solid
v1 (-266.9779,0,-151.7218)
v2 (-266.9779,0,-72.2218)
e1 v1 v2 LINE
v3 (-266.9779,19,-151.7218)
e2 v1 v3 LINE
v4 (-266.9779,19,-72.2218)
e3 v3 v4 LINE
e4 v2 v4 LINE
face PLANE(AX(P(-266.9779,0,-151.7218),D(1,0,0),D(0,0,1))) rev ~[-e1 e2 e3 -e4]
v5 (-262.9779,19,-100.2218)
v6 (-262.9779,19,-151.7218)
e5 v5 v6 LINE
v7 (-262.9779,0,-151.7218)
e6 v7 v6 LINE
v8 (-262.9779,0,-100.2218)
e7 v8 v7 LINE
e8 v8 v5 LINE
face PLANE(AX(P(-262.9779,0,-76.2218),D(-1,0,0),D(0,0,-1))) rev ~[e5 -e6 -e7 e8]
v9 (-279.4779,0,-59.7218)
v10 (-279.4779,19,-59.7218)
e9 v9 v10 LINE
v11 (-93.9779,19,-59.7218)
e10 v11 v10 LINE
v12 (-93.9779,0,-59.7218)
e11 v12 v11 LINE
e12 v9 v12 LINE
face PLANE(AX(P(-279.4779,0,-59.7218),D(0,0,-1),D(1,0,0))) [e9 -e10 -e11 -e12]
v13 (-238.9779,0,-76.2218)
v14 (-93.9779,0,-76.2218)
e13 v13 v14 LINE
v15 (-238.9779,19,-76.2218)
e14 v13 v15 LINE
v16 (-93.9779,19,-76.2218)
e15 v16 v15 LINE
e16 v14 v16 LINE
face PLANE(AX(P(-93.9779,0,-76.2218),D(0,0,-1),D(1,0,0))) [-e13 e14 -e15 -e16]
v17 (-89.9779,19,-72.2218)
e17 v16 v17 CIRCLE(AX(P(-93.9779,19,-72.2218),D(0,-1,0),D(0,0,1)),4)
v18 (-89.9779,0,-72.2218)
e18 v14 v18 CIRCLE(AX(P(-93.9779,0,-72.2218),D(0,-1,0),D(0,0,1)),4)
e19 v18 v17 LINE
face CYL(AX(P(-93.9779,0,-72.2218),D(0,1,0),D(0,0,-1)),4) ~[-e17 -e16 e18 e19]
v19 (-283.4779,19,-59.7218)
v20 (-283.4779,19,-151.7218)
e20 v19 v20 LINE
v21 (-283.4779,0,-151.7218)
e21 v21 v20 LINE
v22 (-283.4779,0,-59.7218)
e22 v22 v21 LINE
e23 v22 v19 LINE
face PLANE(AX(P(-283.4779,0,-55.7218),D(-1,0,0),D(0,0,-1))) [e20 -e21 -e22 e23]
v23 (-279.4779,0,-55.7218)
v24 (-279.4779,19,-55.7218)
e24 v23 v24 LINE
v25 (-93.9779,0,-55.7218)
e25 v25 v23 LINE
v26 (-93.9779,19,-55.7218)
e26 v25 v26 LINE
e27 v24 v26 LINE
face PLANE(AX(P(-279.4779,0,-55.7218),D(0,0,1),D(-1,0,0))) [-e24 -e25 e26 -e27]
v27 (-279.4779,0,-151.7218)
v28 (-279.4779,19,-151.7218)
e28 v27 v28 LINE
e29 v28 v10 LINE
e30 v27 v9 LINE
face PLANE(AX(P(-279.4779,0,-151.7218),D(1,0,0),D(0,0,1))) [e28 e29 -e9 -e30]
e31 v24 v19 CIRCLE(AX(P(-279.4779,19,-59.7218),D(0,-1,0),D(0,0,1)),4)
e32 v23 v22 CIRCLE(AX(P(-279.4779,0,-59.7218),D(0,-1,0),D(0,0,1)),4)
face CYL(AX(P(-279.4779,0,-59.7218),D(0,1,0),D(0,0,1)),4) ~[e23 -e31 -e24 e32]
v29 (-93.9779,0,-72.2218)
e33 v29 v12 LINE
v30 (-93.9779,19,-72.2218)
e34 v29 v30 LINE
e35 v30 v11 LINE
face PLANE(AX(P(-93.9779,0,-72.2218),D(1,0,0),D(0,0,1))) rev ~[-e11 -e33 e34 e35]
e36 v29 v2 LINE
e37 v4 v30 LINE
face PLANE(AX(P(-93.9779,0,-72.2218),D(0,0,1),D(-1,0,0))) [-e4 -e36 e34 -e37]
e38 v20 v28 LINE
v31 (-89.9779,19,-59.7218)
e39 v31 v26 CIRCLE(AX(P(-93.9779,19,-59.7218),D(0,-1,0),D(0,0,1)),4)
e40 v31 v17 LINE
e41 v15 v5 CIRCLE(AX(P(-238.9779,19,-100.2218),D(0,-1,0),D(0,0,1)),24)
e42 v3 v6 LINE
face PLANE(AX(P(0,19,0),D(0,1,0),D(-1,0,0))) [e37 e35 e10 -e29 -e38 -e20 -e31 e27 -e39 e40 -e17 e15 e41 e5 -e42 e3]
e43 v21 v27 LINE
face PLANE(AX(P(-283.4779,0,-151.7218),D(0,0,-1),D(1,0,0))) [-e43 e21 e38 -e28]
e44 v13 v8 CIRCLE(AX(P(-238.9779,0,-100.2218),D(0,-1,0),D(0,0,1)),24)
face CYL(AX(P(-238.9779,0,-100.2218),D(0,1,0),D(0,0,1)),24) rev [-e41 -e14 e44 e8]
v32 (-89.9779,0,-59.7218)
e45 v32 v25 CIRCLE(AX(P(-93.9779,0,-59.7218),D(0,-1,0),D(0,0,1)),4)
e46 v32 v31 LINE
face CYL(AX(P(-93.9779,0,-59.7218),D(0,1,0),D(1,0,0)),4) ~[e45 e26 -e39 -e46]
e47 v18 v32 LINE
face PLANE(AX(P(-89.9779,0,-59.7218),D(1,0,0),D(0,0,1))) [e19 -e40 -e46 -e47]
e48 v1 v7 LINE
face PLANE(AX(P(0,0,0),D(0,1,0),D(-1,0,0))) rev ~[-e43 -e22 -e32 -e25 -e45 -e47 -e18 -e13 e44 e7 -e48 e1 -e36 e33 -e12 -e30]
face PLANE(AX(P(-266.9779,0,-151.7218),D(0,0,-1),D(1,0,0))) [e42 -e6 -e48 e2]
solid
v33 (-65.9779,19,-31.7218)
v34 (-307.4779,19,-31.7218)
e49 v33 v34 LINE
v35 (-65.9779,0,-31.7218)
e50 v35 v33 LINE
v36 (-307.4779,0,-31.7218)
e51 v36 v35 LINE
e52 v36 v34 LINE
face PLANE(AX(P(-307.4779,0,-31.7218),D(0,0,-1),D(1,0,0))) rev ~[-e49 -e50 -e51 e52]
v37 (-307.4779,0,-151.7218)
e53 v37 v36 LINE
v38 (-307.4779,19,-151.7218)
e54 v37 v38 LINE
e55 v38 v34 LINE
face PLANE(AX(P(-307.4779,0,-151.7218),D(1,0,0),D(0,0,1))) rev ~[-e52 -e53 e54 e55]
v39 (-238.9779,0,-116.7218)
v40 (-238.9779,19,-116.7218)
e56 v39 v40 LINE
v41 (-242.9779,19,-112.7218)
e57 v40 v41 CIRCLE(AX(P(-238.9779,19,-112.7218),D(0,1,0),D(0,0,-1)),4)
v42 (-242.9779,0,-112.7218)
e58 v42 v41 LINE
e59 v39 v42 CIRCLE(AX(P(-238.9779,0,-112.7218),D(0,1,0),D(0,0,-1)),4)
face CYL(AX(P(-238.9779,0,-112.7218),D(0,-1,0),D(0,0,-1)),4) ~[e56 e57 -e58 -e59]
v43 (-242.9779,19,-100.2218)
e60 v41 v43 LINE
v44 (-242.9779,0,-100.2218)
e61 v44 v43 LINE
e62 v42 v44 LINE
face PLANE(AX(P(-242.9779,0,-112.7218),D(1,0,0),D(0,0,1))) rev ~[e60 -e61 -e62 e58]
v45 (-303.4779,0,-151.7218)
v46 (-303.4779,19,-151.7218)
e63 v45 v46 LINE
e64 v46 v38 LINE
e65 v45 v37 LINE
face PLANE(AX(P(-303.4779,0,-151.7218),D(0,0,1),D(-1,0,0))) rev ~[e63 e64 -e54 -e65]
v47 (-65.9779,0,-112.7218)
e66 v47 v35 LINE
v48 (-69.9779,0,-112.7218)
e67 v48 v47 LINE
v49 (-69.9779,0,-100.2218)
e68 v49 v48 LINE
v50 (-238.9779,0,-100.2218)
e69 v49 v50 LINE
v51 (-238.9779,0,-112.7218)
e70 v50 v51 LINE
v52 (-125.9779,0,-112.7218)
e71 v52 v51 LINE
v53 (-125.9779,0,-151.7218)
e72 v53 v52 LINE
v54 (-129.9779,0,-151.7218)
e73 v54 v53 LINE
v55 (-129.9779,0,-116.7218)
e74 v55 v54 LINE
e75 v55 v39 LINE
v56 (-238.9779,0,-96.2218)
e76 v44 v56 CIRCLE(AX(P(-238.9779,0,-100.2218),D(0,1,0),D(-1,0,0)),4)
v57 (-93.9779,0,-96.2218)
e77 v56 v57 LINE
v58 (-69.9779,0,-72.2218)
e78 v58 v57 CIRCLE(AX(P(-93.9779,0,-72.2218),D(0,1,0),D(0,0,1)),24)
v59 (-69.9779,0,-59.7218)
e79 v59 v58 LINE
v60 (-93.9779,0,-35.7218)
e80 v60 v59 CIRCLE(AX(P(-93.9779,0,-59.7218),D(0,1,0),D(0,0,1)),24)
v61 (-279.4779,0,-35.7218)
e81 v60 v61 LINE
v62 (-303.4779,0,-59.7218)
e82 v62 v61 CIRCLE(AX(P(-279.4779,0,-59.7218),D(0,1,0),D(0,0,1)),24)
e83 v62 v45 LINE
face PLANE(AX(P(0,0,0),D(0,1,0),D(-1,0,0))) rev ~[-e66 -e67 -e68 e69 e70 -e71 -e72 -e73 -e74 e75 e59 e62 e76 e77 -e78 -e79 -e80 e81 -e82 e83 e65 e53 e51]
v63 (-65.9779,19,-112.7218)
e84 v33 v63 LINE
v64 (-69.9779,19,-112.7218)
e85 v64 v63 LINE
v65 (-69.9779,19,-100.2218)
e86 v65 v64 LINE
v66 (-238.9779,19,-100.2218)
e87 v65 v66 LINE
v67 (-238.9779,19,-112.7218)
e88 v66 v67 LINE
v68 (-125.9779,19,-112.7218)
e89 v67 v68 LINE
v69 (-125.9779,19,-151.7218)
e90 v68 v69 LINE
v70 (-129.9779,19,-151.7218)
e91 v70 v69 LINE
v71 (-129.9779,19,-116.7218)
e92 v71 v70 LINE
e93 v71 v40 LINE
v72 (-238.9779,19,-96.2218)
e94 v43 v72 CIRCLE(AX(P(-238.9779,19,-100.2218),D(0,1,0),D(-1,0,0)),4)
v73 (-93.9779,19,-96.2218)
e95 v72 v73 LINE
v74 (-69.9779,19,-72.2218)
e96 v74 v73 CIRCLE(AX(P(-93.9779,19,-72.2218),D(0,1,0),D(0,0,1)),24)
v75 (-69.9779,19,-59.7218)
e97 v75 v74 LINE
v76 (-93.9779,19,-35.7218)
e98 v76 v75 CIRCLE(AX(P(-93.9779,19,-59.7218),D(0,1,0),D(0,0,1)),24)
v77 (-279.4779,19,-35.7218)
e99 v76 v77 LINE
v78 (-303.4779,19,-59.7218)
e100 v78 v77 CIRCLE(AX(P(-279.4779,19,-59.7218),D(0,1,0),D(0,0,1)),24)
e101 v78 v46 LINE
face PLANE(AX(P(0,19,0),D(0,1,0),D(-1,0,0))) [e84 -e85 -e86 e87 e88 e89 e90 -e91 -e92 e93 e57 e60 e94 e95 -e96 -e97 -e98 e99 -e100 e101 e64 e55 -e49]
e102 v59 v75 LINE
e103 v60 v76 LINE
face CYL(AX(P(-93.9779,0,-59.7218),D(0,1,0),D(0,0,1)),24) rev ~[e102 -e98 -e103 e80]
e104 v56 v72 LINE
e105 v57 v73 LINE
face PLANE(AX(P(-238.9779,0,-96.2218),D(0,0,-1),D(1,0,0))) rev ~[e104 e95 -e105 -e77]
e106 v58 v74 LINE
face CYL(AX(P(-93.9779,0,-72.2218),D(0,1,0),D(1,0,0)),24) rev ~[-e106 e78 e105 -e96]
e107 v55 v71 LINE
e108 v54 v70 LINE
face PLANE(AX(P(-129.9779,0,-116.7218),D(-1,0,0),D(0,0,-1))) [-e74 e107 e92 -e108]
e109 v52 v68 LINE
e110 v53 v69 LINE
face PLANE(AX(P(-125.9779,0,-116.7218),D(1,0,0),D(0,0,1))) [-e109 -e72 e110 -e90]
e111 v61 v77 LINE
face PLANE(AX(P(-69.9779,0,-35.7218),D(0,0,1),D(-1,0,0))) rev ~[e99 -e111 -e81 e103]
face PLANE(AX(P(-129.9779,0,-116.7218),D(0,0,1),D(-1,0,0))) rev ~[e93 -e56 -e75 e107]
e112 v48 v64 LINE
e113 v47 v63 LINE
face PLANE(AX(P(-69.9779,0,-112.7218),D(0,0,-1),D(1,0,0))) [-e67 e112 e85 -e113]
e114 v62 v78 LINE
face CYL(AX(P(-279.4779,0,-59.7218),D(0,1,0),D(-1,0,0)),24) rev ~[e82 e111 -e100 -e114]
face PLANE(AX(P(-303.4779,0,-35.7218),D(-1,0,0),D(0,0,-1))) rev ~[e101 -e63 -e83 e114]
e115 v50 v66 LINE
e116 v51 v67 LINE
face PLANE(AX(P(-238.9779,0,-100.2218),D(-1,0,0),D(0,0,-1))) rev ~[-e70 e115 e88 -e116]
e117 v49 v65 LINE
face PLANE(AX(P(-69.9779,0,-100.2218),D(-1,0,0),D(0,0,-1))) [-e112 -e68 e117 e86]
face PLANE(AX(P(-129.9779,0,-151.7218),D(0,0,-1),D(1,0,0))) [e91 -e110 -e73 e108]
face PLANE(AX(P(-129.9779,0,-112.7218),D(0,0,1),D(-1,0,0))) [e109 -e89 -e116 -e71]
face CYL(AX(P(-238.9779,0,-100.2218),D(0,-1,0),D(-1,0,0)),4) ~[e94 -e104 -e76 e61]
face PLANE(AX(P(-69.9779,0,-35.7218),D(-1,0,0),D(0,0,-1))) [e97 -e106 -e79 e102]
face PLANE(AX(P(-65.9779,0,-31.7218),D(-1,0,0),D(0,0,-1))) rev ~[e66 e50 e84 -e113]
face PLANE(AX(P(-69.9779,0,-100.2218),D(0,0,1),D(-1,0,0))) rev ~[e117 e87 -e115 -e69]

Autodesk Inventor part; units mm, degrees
ref_plane "YZ Plane" through (0, 0, 0) normal (1, 0, 0) x (0, 1, 0)
ref_plane "XZ Plane" through (0, 0, 0) normal (0, 1, 0) x (-1, 0, 0)
ref_plane "XY Plane" through (0, 0, 0) normal (0, 0, 1) x (1, 0, 0)
sketch "Sketch1" plane through (0, 0, 0) normal (0, 1, 0) x (-1, 0, 0)
  line L0 (81.3062, -31.7218) -> (303.4779, -31.7218) construction
  line L1 (303.4779, -31.7218) -> (303.4779, -151.7218)
  line L2 (303.4779, -151.7218) -> (81.3062, -151.7218)
  line L3 (65.9779, -116.7218) -> (242.9779, -116.7218)
  line L4 (69.9779, -112.7218) -> (238.9779, -112.7218)
  line L5 (242.9779, -116.7218) -> (242.9779, -96.2218)
  line L6 (242.9779, -96.2218) -> (65.9779, -96.2218)
  line L7 (65.9779, -100.2218) -> (238.9779, -100.2218)
  line L8 (238.9779, -100.2218) -> (238.9779, -112.7218)
  arc A0 (242.9779, -100.2218) -> (238.9779, -96.2218) centre (238.9779, -100.2218) ccw
  arc A1 (238.9779, -116.7218) -> (242.9779, -112.7218) centre (238.9779, -112.7218) ccw
  line L9 (262.9779, -76.2218) -> (89.9779, -76.2218)
  line L10 (89.9779, -76.2218) -> (89.9779, -72.2218)
  line L11 (89.9779, -72.2218) -> (262.9779, -72.2218)
  line L12 (262.9779, -59.7218) -> (262.9779, -151.7218)
  line L13 (262.9779, -72.2218) -> (262.9779, -151.7218)
  line L14 (262.9779, -151.7218) -> (266.9779, -151.7218)
  line L15 (266.9779, -151.7218) -> (266.9779, -59.7218)
  line L16 (266.9779, -72.2218) -> (262.9779, -72.2218)
  line L17 (65.9779, -31.7218) -> (65.9779, -35.7218)
  line L18 (65.9779, -35.7218) -> (303.4779, -35.7218)
  line L19 (303.4779, -35.7218) -> (303.4779, -31.7218)
  line L20 (303.4779, -31.7218) -> (65.9779, -31.7218)
  line L21 (89.9779, -55.7218) -> (266.9779, -55.7218)
  line L22 (266.9779, -55.7218) -> (266.9779, -59.7218)
  line L23 (279.4779, -59.7218) -> (89.9779, -59.7218)
  line L24 (89.9779, -59.7218) -> (89.9779, -55.7218)
  line L25 (89.9779, -55.7218) -> (89.9779, -76.2218)
  line L26 (81.3062, -151.7218) -> (129.9779, -151.7218)
  line L27 (69.9779, -31.7218) -> (65.9779, -31.7218)
  line L28 (303.4779, -31.7218) -> (303.4779, -151.7218)
  line L29 (303.4779, -151.7218) -> (307.4779, -151.7218)
  line L30 (307.4779, -151.7218) -> (307.4779, -31.7218)
  line L31 (307.4779, -31.7218) -> (303.4779, -31.7218)
  line L32 (89.9779, -55.7218) -> (89.9779, -76.2218)
  line L33 (89.9779, -76.2218) -> (93.9779, -76.2218)
  line L34 (93.9779, -76.2218) -> (93.9779, -55.7218)
  line L35 (93.9779, -55.7218) -> (89.9779, -55.7218)
  line L36 (279.4779, -151.7218) -> (279.4779, -55.7218)
  line L37 (279.4779, -55.7218) -> (283.4779, -55.7218)
  line L38 (283.4779, -55.7218) -> (283.4779, -151.7218)
  line L39 (283.4779, -151.7218) -> (279.4779, -151.7218)
  line L40 (266.9779, -55.7218) -> (279.4779, -55.7218)
  line L41 (65.9779, -35.7218) -> (65.9779, -116.7218)
  line L42 (69.9779, -31.7218) -> (69.9779, -112.7218)
  line L43 (65.9779, -116.7218) -> (129.9779, -116.7218)
  line L44 (129.9779, -116.7218) -> (129.9779, -112.7218)
  line L45 (129.9779, -112.7218) -> (65.9779, -112.7218)
  line L46 (65.9779, -112.7218) -> (65.9779, -116.7218)
  line L47 (129.9779, -112.7218) -> (129.9779, -151.7218)
  line L48 (129.9779, -151.7218) -> (125.9779, -151.7218)
  line L49 (125.9779, -151.7218) -> (125.9779, -112.7218)
  line L50 (125.9779, -112.7218) -> (129.9779, -112.7218)
  point P0 (81.3062, -112.7218)
  point P1 (266.9779, -151.7218)
  point P2 (93.9779, -72.2218)
  point P3 (93.9779, -59.7218)
  point P4 (89.9779, -59.7218)
  point P5 (89.9779, -72.2218)
  point P6 (89.9779, -59.7218)
  point P7 (89.9779, -72.2218)
  point P8 (69.9779, -100.2218)
  point P9 (65.9779, -112.7218)
  point P10 (69.9779, -96.2218)
  point P11 (69.9779, -35.7218)
  dimension "d10" = 120
  dimension "d13" = 35
  dimension "d14" = 4
  dimension "d15" = 4
  dimension "d16" = 4
  dimension "d17" = 12.5
  dimension "d20" = 20
  dimension "d21" = 4
  dimension "d23" = 4
  dimension "d25" = 4
  dimension "d26" = 20
  dimension "d31" = 4
  dimension "d32" = 4
  dimension "d34" = 12.5
  dimension "d35" = 4
  dimension "d36" = 20
  dimension "d43" = 4
  dimension "d44" = 4
  dimension "d46" = 20
  dimension "d47" = 4
  dimension "d48" = 20
  dimension "d49" = 4
  dimension "d50" = 133
  dimension "d51" = 173
extrude "Extrusion1" add sketch "Sketch1" along normal blind 19 contours L31 L30 L29 L1 | L1 L18 L42 L20 | L42 L18 L17 L20 | L42 L6 L41 L18 | L2 L36 L37 L38 | L42 L7 L41 L6 | L6 A0 L5 A1 L3 L44 L4 L8 L7 L42 | L42 L45 L41 L7 | L2 L12 L16 L15 | L23 L22 L40 L36 | L23 L34 L21 L22 | L4 L44 L3 L49 | L2 L49 L3 L47 | L9 L34 L11 L12 | L34 L23 L24 L21 | L9 L10 L11 L34 | L11 L25 L23 L34
fillet "Fillet1" radius 24 4 edges at (-303.4779, 9.5, -35.7218) (-262.9779, 9.5, -76.2218) (-69.9779, 9.5, -96.2218) (-69.9779, 9.5, -35.7218)
fillet "Fillet2" radius 4 3 edges at (-283.4779, 9.5, -55.7218) (-89.9779, 9.5, -55.7218) (-89.9779, 9.5, -76.2218)
properties part number "midPath"
